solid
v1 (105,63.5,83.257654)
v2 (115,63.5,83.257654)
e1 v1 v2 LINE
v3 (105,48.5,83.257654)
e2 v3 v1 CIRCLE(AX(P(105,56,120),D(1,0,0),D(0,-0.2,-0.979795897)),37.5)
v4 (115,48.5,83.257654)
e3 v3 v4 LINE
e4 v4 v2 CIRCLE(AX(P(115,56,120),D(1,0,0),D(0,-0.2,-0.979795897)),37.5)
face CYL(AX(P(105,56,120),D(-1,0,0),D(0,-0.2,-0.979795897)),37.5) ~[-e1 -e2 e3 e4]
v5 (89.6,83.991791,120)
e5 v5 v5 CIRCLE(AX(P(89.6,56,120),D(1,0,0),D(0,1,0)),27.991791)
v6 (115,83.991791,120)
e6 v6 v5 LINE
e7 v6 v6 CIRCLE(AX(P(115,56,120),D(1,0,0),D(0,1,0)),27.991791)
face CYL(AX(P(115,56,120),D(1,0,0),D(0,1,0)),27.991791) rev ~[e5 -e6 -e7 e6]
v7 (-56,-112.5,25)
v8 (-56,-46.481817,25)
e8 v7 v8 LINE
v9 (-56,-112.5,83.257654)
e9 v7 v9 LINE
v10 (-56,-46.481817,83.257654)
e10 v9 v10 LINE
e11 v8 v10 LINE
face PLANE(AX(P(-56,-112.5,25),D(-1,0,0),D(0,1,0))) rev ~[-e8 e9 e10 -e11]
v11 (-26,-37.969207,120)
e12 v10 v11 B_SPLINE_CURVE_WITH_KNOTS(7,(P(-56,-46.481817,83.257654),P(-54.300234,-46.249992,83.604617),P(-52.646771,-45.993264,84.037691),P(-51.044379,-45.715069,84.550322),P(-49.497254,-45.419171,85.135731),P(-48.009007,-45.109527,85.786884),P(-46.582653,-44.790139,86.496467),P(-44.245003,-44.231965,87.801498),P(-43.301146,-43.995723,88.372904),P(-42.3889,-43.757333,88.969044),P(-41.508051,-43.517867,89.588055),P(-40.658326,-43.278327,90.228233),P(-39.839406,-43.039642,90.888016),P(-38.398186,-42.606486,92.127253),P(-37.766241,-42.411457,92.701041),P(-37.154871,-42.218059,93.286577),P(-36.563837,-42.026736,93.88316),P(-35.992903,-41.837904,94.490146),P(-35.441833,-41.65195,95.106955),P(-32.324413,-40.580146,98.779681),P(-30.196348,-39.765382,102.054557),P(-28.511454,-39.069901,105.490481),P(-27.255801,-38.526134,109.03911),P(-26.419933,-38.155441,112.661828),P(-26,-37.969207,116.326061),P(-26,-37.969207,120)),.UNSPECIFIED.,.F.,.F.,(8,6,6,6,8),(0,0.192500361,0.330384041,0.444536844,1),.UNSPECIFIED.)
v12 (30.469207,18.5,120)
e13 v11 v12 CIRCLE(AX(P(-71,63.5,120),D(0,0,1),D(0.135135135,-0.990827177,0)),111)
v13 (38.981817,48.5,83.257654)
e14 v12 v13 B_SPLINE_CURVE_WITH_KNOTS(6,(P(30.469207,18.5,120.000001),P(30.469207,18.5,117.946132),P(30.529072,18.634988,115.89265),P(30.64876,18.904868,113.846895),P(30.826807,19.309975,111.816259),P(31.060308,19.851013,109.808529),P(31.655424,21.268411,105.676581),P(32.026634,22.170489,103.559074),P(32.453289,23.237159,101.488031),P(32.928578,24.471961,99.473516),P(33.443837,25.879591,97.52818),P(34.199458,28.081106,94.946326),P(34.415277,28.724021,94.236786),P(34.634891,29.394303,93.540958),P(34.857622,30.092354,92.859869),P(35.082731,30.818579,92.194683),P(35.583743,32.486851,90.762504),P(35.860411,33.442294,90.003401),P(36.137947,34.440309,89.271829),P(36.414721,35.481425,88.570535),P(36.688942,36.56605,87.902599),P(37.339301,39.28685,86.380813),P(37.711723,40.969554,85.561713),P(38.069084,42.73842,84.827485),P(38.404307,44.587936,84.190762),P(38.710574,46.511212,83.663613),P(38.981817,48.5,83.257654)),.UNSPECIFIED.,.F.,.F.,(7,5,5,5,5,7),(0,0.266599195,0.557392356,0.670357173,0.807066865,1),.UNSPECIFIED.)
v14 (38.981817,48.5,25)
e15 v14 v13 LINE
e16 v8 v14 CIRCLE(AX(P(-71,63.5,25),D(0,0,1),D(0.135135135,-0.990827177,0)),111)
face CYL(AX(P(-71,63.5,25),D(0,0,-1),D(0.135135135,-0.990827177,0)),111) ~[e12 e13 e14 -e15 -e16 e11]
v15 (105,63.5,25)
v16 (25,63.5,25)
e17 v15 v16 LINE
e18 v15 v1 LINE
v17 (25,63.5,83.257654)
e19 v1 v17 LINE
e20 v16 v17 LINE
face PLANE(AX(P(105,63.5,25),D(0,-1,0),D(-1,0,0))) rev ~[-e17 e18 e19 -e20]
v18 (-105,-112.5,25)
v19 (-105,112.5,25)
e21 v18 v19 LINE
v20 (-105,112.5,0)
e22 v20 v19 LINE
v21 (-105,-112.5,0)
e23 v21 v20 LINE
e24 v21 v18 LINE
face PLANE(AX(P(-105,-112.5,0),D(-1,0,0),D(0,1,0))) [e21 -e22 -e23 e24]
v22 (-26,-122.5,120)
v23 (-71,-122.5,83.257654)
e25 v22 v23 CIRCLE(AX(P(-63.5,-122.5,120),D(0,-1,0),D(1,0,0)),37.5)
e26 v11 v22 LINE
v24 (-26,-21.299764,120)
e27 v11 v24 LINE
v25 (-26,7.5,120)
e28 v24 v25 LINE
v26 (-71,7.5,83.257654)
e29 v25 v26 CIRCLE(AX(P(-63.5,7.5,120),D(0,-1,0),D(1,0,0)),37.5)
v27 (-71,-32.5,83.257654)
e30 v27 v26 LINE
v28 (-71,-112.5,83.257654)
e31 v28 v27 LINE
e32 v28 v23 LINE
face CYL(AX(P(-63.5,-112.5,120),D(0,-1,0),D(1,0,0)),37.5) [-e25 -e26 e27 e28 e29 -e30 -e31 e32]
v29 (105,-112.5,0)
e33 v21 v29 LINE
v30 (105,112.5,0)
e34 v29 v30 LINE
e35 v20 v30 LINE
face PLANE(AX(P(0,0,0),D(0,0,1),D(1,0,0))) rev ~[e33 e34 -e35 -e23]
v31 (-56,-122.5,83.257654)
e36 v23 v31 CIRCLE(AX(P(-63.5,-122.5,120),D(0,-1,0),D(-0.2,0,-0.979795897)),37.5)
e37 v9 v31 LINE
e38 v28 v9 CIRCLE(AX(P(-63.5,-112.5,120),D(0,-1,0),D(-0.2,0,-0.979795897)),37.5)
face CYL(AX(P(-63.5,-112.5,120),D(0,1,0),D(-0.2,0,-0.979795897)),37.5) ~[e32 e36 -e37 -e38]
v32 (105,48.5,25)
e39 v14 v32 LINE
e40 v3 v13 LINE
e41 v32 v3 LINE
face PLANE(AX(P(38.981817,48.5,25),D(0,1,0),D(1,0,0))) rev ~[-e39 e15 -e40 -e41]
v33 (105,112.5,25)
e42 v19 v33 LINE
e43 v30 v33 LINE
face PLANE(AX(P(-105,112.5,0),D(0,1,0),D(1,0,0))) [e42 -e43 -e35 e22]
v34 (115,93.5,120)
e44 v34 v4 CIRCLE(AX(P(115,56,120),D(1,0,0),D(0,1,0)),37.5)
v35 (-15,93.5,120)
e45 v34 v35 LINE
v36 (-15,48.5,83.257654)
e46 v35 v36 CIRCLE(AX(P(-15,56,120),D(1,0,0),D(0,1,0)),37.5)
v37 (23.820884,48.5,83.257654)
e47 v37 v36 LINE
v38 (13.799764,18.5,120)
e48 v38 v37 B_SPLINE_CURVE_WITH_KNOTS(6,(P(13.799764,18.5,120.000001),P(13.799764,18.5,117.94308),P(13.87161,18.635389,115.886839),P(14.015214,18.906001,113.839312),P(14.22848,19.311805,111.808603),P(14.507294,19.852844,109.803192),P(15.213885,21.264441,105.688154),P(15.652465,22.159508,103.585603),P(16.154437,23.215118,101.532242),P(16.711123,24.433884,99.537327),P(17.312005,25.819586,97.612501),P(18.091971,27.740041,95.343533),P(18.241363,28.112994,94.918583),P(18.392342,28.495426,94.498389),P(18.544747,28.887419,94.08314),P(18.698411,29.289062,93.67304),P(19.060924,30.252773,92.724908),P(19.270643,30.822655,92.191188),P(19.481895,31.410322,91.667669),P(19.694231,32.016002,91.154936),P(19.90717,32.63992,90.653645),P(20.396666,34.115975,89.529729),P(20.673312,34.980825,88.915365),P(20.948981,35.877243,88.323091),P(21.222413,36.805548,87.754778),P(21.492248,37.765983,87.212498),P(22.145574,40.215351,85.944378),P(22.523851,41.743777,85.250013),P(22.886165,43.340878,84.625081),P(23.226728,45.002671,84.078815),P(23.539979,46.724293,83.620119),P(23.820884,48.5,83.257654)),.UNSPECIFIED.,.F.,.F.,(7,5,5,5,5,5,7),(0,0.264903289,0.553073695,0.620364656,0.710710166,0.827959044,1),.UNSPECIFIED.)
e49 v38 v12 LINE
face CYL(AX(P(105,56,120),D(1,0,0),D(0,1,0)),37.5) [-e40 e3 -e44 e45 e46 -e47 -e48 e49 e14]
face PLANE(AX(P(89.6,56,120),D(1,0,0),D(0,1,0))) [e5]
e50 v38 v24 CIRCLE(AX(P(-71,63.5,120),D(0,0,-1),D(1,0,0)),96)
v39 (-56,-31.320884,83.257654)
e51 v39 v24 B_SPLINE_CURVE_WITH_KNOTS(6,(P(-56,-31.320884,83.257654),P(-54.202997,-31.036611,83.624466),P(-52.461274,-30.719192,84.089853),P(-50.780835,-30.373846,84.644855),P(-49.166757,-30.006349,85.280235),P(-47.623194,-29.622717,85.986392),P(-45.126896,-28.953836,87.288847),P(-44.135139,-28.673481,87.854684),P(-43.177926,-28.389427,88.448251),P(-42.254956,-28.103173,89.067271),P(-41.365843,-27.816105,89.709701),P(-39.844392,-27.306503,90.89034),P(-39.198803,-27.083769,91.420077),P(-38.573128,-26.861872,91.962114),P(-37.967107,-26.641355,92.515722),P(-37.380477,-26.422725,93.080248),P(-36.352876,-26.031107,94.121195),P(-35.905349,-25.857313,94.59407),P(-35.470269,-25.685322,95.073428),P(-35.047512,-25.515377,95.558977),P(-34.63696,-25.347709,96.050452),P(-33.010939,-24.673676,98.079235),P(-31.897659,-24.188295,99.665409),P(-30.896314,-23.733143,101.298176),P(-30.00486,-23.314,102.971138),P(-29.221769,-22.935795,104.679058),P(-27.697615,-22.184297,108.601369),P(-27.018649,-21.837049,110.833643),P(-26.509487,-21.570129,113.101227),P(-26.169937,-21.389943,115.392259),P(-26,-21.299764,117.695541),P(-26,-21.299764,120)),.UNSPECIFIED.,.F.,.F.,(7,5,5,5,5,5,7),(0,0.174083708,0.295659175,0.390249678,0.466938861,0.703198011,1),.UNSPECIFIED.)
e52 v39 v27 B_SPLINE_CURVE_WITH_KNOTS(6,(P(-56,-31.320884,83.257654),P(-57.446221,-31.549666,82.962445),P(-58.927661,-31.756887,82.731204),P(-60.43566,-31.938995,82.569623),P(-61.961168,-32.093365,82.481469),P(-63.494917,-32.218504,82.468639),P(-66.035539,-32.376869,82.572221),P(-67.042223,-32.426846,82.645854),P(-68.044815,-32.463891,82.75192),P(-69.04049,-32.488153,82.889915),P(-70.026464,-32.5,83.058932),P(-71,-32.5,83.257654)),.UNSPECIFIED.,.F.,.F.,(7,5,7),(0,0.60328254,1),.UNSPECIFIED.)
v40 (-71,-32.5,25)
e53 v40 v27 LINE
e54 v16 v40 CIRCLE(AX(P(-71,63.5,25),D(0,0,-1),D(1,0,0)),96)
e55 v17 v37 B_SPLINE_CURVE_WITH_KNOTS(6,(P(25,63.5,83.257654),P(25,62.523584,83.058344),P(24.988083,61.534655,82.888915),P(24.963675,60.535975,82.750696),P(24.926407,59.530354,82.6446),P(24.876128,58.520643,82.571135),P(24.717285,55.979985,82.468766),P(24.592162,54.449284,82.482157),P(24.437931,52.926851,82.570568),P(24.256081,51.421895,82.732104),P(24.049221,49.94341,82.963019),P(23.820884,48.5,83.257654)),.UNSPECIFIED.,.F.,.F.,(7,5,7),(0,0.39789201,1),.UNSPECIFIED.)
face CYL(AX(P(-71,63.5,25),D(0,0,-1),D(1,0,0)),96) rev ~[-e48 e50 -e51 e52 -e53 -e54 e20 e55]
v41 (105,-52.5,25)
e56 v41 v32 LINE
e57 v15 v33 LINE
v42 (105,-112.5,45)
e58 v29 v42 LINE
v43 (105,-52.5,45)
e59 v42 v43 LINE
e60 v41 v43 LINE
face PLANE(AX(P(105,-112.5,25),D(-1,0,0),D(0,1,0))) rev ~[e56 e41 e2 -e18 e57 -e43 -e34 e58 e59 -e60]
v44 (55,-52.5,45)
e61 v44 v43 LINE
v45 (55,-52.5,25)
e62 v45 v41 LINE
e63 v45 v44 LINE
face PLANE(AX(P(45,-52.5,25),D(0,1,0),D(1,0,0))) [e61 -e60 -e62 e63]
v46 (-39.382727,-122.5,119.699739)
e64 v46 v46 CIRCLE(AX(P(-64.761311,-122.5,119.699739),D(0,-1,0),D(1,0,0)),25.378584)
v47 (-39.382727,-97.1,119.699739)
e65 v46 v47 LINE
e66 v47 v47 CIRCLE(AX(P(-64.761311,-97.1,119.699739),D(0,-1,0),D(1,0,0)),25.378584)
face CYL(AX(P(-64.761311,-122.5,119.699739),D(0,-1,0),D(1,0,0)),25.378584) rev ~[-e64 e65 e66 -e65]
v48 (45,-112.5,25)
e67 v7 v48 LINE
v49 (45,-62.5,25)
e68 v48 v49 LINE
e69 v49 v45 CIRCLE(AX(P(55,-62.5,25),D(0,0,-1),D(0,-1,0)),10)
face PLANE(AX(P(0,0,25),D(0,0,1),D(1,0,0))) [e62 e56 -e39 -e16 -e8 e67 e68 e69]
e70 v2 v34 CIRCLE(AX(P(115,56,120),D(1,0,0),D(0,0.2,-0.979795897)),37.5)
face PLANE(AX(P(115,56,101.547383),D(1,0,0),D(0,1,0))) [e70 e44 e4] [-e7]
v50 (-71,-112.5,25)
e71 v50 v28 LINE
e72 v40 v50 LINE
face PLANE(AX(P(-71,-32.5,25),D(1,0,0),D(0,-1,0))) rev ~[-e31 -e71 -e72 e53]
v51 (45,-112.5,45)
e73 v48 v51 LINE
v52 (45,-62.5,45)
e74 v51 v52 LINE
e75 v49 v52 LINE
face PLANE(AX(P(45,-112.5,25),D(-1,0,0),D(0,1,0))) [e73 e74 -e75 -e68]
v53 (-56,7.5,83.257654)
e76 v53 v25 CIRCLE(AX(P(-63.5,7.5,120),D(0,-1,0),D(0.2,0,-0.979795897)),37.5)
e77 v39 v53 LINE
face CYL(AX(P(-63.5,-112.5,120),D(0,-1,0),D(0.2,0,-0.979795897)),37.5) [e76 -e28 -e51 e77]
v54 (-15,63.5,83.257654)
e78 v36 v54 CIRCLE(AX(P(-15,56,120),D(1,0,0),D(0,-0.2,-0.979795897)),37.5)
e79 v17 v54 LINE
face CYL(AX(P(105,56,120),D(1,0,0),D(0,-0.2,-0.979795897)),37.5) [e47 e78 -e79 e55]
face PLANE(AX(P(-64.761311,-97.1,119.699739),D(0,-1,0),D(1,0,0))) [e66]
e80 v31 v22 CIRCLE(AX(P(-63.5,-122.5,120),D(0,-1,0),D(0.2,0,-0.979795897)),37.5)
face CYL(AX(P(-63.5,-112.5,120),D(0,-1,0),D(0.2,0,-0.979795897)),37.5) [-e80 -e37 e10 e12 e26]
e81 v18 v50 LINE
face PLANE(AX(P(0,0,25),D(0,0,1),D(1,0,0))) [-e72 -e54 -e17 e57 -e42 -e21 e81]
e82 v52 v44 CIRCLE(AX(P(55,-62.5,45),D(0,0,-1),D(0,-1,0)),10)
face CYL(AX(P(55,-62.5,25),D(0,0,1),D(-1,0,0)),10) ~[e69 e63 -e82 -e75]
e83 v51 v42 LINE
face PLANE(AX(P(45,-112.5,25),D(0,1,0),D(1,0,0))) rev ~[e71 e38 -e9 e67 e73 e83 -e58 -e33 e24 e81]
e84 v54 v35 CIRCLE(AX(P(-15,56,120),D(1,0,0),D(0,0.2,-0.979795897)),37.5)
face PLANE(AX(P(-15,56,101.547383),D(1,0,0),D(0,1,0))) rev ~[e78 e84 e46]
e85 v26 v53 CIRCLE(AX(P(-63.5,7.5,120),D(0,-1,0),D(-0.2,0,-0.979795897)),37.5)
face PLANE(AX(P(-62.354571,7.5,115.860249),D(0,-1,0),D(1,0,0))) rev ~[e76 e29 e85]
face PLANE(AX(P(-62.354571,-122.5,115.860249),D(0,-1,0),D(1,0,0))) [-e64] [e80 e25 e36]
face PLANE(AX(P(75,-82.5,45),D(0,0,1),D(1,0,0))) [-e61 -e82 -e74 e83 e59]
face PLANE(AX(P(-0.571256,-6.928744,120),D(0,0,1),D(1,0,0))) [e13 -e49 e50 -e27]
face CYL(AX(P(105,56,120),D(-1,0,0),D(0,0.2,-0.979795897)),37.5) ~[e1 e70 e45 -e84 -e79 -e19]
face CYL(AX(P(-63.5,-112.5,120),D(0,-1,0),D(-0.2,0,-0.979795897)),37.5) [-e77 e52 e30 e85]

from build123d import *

# Parameters (mm, degrees)
F0_W          = 210
F0_H          = 225
F1_DEPTH      = 25
F3_DEPTH      = 95
F5_DEPTH      = 10
F5_DEPTH_BACK = 120
F7_DEPTH      = 10
F7_DEPTH_BACK = 120
F8_W          = 60
F8_H          = 60
F9_DEPTH      = 20
F10_R         = 10
F12_R         = 25.3785837957
F13_DEPTH     = 25.4
F14_R         = 27.9917909544
F15_DEPTH     = 25.4


with BuildPart() as f1:
    # F0 (on Top) → F1 (new body)
    with BuildSketch(Plane.XY):
        Rectangle(F0_W, F0_H)
    extrude(amount=F1_DEPTH)

    # F2 (on face) → F3 (join)
    with BuildSketch(Plane.XY.offset(25)):
        with BuildLine():
            Line((-71, -32.5), (-71, -112.5))
            Line((-71, -112.5), (-56, -112.5))
            Line((-56, -112.5), (-56, -46.4818166789))
            ThreePointArc((-56, -46.4818166789), (7.4888527117, -14.9888527117), (38.9818166789, 48.5))
            Line((38.9818166789, 48.5), (105, 48.5))
            Line((105, 48.5), (105, 63.5))
            Line((105, 63.5), (25, 63.5))
            ThreePointArc((25, 63.5), (-3.1177490061, -4.3822509939), (-71, -32.5))
        make_face()
    extrude(amount=F3_DEPTH)

    # F4 (on face) → F5 (join, two sides)
    with BuildSketch(Plane.XZ.offset(112.5)) as f5_sk:
        with BuildLine():
            ThreePointArc((-56, 83.2576538583), (-34.4526249034, 96.2829175487), (-26, 120))
            ThreePointArc((-26, 120), (-87.2170824513, 149.0473750966), (-71, 83.2576538583))
            Line((-71, 83.2576538583), (-71, 120))
            Line((-71, 120), (-56, 120))
            Line((-56, 120), (-56, 83.2576538583))
        make_face()
        with BuildLine():
            Line((-71, 120), (-71, 83.2576538583))
            ThreePointArc((-71, 83.2576538583), (-63.5, 82.5), (-56, 83.2576538583))
            Line((-56, 83.2576538583), (-56, 120))
            Line((-56, 120), (-71, 120))
        make_face()
    extrude(amount=F5_DEPTH)
    extrude(f5_sk.sketch, amount=-F5_DEPTH_BACK)

    # F6 (on face) → F7 (join, two sides)
    with BuildSketch(Plane.YZ.offset(105)) as f7_sk:
        with BuildLine():
            Line((48.5, 120), (48.5, 83.2576538583))
            ThreePointArc((48.5, 83.2576538583), (56, 82.5), (63.5, 83.2576538583))
            Line((63.5, 83.2576538583), (63.5, 120))
            Line((63.5, 120), (48.5, 120))
        make_face()
        with BuildLine():
            ThreePointArc((63.5, 83.2576538583), (85.0473750966, 96.2829175487), (93.5, 120))
            ThreePointArc((93.5, 120), (32.2829175487, 149.0473750966), (48.5, 83.2576538583))
            Line((48.5, 83.2576538583), (48.5, 120))
            Line((48.5, 120), (63.5, 120))
            Line((63.5, 120), (63.5, 83.2576538583))
        make_face()
    extrude(amount=F7_DEPTH)
    extrude(f7_sk.sketch, amount=-F7_DEPTH_BACK)

    # F8 (on face) → F9 (join)
    with BuildSketch(Plane.XY.offset(25)):
        with Locations((75, -82.5)):
            Rectangle(F8_W, F8_H)
    extrude(amount=F9_DEPTH)

    # F10
    f10_edges = [f1.edges().sort_by_distance(p)[0] for p in [
        (45, -52.5, 35),
    ]]
    fillet(f10_edges, radius=F10_R)

    # F12 (on face) → F13 (cut)
    with BuildSketch(Plane.XZ.offset(122.5)):
        with Locations((-64.7613108158, 119.6997389197)):
            Circle(F12_R)
    extrude(amount=-F13_DEPTH, mode=Mode.SUBTRACT)

    # F14 (on face) → F15 (cut)
    with BuildSketch(Plane.YZ.offset(115)):
        with Locations((56, 120)):
            Circle(F14_R)
    extrude(amount=-F15_DEPTH, mode=Mode.SUBTRACT)


solid = f1.part
